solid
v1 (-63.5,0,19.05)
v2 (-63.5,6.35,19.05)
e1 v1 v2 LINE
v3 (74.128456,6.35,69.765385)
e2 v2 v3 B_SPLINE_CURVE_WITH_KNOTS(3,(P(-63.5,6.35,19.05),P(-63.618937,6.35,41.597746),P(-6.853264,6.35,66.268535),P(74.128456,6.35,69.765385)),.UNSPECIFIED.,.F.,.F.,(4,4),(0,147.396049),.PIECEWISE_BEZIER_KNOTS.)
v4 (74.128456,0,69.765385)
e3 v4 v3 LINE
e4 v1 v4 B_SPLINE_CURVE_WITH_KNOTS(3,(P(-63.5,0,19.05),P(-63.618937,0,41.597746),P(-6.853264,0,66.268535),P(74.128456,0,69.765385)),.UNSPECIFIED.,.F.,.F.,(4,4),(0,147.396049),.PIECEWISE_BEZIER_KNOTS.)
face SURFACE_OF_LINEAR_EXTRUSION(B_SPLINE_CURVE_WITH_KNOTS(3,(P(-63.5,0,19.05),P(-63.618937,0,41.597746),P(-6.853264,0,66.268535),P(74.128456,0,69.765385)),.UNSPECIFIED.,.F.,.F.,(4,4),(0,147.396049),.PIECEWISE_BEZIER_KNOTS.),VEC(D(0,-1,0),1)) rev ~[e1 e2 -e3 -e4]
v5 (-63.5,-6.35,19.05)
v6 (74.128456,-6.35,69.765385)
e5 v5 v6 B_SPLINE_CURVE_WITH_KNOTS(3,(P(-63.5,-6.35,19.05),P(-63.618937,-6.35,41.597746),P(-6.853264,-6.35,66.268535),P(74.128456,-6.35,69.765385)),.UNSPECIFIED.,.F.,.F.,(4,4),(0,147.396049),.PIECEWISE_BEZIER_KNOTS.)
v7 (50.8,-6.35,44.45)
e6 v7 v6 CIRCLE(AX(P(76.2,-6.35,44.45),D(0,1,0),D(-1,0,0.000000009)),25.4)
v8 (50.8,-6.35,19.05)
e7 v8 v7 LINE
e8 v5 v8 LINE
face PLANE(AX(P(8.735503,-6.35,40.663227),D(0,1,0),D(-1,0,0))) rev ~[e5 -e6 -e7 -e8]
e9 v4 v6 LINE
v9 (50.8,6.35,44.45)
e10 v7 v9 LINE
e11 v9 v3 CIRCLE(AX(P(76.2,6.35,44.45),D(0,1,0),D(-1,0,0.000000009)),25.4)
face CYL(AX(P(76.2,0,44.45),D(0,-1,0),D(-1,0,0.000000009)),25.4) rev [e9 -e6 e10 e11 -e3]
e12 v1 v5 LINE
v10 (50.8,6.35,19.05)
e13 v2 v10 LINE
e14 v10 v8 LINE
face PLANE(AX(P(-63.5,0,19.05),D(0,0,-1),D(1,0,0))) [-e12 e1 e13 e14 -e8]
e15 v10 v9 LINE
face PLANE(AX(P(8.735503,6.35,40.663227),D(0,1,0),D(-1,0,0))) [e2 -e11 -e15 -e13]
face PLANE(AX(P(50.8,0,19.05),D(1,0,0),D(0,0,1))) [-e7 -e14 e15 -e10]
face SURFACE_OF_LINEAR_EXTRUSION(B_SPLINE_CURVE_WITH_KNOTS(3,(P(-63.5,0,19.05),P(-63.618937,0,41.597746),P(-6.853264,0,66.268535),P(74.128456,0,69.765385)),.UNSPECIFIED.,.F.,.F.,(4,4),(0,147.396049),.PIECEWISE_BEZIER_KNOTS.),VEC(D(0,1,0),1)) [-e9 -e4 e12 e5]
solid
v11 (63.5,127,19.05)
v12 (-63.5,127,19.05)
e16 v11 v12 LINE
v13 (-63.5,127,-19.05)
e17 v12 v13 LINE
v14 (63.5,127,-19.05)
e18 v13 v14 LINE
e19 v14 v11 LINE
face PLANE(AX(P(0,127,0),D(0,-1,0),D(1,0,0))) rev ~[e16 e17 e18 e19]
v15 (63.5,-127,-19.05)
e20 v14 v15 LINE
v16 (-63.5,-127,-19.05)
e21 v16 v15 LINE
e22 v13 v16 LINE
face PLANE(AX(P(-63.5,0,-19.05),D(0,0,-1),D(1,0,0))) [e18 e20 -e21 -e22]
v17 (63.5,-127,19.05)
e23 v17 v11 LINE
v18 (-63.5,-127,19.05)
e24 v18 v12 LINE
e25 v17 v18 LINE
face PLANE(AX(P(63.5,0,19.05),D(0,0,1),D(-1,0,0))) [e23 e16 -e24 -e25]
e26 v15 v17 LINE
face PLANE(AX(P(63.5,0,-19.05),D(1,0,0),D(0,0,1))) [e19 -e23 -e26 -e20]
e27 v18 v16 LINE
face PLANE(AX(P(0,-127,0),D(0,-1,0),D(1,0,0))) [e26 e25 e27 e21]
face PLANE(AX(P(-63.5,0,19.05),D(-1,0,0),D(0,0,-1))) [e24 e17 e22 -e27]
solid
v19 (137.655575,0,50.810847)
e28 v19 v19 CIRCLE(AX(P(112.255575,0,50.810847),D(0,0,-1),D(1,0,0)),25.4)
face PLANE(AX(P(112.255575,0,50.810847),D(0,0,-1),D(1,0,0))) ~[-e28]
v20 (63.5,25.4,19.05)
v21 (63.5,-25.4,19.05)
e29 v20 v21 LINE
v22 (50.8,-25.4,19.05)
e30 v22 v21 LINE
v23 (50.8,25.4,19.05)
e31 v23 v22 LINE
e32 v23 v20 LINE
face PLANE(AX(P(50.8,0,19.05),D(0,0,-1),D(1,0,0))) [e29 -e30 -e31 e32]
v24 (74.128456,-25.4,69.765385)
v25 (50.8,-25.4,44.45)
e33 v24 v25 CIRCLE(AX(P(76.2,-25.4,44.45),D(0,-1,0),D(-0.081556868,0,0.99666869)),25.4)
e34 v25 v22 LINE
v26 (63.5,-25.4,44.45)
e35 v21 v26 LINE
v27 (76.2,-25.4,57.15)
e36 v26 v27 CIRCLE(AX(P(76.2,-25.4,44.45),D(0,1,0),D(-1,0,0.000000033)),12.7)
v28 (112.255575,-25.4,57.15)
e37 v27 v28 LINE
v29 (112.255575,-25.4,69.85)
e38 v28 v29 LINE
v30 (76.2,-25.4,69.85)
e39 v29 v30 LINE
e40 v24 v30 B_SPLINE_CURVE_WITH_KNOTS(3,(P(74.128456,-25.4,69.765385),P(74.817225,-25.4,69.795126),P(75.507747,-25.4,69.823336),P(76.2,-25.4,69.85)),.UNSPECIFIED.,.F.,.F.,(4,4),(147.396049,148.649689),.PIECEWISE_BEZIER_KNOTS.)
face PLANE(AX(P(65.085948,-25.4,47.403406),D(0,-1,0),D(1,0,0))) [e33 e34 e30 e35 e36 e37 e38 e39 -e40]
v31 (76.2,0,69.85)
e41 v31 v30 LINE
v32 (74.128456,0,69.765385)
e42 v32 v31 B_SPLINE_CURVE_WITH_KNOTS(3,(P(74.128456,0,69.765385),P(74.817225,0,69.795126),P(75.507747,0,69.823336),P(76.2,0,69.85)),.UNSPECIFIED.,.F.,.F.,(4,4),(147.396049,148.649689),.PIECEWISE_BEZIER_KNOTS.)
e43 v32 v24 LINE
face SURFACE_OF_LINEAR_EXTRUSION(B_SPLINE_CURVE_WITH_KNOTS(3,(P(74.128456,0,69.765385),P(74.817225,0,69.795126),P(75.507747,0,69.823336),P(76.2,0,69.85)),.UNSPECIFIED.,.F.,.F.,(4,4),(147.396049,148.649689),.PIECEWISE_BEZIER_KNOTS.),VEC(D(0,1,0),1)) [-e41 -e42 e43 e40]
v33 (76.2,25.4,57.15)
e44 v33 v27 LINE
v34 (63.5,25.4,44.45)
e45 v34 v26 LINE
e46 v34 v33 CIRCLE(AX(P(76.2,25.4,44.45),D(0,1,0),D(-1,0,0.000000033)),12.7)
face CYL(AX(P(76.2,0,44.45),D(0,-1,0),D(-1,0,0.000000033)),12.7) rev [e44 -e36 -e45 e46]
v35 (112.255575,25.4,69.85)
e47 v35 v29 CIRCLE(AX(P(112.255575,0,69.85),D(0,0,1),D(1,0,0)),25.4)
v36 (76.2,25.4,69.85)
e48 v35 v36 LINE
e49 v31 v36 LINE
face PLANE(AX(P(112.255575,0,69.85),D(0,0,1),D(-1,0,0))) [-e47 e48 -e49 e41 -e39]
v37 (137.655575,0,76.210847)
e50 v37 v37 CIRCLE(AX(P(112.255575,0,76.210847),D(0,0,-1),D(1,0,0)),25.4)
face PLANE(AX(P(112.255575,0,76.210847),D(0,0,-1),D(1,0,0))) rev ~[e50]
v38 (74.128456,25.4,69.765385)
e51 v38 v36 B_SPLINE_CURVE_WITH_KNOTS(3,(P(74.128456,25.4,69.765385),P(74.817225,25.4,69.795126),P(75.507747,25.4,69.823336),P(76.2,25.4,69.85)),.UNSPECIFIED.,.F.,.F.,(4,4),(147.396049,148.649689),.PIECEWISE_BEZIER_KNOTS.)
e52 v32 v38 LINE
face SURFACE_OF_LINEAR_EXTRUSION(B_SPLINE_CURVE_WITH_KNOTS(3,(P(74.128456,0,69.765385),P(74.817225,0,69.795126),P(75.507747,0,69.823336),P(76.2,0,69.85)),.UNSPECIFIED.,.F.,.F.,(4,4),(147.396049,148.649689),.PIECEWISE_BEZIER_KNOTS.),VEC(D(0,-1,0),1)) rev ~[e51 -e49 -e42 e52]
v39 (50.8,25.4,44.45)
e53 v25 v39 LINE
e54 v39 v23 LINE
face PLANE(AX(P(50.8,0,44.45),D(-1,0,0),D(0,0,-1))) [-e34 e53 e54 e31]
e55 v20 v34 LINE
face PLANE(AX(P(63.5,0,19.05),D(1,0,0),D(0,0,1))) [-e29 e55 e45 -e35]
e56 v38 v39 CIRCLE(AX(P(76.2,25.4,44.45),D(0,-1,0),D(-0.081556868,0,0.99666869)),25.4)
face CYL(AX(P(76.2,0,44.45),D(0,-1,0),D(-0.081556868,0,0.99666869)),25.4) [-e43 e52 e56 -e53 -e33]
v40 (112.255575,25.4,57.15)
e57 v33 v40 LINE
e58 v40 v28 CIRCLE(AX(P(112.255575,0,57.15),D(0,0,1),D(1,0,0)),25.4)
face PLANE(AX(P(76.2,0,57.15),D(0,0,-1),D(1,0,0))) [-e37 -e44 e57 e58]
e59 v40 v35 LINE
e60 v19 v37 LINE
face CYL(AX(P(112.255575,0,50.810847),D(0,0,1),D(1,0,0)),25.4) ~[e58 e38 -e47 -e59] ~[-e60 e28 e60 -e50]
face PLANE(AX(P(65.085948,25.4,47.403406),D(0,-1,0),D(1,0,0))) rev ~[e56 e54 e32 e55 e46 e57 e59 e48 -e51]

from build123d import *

# Parameters (mm, degrees)
F1_DEPTH = 127
F0_W     = 25.4
F0_H     = 12.7
F2_DEPTH = 25.4
F3_DEPTH = 6.35


with BuildPart() as f1:
    # F0 (on Front) → F1 (new body, symmetric)
    with BuildSketch(Plane.XZ):
        Polygon((50.8, 19.05), (-63.5, 19.05), (-63.5, -19.05), (63.5, -19.05), (63.5, 19.05), align=None)
    extrude(amount=F1_DEPTH, both=True)


with BuildPart() as f2:
    # F0 (on Front) → F2 (new body, symmetric)
    with BuildSketch(Plane.XZ):
        with BuildLine():
            Line((50.8, 44.45), (50.8, 19.05))
            Line((50.8, 19.05), (63.5, 19.05))
            Line((63.5, 19.05), (63.5, 44.45))
            ThreePointArc((63.5, 44.45), (67.219744, 53.430256), (76.2, 57.15))
            Line((76.2, 57.15), (86.855575, 57.15))
            Line((86.855575, 57.15), (86.855575, 69.85))
            Line((86.855575, 69.85), (76.2, 69.85))
            add(Edge.make_bspline(
                [(74.128456, 69.765385), (74.817225, 69.795126), (75.507747, 69.823336), (76.2, 69.85)],
                knots=[147.396049, 147.396049, 147.396049, 147.396049, 148.649689, 148.649689, 148.649689, 148.649689], degree=3))
            ThreePointArc((74.128456, 69.765385), (57.52144, 61.662536), (50.8, 44.45))
        make_face()
        with Locations((99.555575, 63.5)):
            Rectangle(F0_W, F0_H)
    extrude(amount=F2_DEPTH, both=True)

    # F0 (on Front) → F4 (revolve)
    with BuildSketch(Plane.XZ):
        Polygon((112.255575, 76.210847), (112.255575, 69.85), (112.255575, 57.15), (112.255575, 50.810847), (137.655575, 50.810847), (137.655575, 76.210847), align=None)
    revolve(axis=Axis((112.255575, 0, 63.510847), (0, 0, -1)))


with BuildPart() as f3:
    # F0 (on Front) → F3 (new body, symmetric)
    with BuildSketch(Plane.XZ):
        with BuildLine():
            add(Edge.make_bspline(
                [(-63.5, 19.05), (-63.618937, 41.597746), (-6.853264, 66.268535), (74.128456, 69.765385)],
                knots=[0, 0, 0, 0, 147.396049, 147.396049, 147.396049, 147.396049], degree=3))
            Line((-63.5, 19.05), (50.8, 19.05))
            Line((50.8, 19.05), (50.8, 44.45))
            ThreePointArc((50.8, 44.45), (57.52144, 61.662536), (74.128456, 69.765385))
        make_face()
    extrude(amount=F3_DEPTH, both=True)


solid = Compound([f1.part, f2.part, f3.part])
